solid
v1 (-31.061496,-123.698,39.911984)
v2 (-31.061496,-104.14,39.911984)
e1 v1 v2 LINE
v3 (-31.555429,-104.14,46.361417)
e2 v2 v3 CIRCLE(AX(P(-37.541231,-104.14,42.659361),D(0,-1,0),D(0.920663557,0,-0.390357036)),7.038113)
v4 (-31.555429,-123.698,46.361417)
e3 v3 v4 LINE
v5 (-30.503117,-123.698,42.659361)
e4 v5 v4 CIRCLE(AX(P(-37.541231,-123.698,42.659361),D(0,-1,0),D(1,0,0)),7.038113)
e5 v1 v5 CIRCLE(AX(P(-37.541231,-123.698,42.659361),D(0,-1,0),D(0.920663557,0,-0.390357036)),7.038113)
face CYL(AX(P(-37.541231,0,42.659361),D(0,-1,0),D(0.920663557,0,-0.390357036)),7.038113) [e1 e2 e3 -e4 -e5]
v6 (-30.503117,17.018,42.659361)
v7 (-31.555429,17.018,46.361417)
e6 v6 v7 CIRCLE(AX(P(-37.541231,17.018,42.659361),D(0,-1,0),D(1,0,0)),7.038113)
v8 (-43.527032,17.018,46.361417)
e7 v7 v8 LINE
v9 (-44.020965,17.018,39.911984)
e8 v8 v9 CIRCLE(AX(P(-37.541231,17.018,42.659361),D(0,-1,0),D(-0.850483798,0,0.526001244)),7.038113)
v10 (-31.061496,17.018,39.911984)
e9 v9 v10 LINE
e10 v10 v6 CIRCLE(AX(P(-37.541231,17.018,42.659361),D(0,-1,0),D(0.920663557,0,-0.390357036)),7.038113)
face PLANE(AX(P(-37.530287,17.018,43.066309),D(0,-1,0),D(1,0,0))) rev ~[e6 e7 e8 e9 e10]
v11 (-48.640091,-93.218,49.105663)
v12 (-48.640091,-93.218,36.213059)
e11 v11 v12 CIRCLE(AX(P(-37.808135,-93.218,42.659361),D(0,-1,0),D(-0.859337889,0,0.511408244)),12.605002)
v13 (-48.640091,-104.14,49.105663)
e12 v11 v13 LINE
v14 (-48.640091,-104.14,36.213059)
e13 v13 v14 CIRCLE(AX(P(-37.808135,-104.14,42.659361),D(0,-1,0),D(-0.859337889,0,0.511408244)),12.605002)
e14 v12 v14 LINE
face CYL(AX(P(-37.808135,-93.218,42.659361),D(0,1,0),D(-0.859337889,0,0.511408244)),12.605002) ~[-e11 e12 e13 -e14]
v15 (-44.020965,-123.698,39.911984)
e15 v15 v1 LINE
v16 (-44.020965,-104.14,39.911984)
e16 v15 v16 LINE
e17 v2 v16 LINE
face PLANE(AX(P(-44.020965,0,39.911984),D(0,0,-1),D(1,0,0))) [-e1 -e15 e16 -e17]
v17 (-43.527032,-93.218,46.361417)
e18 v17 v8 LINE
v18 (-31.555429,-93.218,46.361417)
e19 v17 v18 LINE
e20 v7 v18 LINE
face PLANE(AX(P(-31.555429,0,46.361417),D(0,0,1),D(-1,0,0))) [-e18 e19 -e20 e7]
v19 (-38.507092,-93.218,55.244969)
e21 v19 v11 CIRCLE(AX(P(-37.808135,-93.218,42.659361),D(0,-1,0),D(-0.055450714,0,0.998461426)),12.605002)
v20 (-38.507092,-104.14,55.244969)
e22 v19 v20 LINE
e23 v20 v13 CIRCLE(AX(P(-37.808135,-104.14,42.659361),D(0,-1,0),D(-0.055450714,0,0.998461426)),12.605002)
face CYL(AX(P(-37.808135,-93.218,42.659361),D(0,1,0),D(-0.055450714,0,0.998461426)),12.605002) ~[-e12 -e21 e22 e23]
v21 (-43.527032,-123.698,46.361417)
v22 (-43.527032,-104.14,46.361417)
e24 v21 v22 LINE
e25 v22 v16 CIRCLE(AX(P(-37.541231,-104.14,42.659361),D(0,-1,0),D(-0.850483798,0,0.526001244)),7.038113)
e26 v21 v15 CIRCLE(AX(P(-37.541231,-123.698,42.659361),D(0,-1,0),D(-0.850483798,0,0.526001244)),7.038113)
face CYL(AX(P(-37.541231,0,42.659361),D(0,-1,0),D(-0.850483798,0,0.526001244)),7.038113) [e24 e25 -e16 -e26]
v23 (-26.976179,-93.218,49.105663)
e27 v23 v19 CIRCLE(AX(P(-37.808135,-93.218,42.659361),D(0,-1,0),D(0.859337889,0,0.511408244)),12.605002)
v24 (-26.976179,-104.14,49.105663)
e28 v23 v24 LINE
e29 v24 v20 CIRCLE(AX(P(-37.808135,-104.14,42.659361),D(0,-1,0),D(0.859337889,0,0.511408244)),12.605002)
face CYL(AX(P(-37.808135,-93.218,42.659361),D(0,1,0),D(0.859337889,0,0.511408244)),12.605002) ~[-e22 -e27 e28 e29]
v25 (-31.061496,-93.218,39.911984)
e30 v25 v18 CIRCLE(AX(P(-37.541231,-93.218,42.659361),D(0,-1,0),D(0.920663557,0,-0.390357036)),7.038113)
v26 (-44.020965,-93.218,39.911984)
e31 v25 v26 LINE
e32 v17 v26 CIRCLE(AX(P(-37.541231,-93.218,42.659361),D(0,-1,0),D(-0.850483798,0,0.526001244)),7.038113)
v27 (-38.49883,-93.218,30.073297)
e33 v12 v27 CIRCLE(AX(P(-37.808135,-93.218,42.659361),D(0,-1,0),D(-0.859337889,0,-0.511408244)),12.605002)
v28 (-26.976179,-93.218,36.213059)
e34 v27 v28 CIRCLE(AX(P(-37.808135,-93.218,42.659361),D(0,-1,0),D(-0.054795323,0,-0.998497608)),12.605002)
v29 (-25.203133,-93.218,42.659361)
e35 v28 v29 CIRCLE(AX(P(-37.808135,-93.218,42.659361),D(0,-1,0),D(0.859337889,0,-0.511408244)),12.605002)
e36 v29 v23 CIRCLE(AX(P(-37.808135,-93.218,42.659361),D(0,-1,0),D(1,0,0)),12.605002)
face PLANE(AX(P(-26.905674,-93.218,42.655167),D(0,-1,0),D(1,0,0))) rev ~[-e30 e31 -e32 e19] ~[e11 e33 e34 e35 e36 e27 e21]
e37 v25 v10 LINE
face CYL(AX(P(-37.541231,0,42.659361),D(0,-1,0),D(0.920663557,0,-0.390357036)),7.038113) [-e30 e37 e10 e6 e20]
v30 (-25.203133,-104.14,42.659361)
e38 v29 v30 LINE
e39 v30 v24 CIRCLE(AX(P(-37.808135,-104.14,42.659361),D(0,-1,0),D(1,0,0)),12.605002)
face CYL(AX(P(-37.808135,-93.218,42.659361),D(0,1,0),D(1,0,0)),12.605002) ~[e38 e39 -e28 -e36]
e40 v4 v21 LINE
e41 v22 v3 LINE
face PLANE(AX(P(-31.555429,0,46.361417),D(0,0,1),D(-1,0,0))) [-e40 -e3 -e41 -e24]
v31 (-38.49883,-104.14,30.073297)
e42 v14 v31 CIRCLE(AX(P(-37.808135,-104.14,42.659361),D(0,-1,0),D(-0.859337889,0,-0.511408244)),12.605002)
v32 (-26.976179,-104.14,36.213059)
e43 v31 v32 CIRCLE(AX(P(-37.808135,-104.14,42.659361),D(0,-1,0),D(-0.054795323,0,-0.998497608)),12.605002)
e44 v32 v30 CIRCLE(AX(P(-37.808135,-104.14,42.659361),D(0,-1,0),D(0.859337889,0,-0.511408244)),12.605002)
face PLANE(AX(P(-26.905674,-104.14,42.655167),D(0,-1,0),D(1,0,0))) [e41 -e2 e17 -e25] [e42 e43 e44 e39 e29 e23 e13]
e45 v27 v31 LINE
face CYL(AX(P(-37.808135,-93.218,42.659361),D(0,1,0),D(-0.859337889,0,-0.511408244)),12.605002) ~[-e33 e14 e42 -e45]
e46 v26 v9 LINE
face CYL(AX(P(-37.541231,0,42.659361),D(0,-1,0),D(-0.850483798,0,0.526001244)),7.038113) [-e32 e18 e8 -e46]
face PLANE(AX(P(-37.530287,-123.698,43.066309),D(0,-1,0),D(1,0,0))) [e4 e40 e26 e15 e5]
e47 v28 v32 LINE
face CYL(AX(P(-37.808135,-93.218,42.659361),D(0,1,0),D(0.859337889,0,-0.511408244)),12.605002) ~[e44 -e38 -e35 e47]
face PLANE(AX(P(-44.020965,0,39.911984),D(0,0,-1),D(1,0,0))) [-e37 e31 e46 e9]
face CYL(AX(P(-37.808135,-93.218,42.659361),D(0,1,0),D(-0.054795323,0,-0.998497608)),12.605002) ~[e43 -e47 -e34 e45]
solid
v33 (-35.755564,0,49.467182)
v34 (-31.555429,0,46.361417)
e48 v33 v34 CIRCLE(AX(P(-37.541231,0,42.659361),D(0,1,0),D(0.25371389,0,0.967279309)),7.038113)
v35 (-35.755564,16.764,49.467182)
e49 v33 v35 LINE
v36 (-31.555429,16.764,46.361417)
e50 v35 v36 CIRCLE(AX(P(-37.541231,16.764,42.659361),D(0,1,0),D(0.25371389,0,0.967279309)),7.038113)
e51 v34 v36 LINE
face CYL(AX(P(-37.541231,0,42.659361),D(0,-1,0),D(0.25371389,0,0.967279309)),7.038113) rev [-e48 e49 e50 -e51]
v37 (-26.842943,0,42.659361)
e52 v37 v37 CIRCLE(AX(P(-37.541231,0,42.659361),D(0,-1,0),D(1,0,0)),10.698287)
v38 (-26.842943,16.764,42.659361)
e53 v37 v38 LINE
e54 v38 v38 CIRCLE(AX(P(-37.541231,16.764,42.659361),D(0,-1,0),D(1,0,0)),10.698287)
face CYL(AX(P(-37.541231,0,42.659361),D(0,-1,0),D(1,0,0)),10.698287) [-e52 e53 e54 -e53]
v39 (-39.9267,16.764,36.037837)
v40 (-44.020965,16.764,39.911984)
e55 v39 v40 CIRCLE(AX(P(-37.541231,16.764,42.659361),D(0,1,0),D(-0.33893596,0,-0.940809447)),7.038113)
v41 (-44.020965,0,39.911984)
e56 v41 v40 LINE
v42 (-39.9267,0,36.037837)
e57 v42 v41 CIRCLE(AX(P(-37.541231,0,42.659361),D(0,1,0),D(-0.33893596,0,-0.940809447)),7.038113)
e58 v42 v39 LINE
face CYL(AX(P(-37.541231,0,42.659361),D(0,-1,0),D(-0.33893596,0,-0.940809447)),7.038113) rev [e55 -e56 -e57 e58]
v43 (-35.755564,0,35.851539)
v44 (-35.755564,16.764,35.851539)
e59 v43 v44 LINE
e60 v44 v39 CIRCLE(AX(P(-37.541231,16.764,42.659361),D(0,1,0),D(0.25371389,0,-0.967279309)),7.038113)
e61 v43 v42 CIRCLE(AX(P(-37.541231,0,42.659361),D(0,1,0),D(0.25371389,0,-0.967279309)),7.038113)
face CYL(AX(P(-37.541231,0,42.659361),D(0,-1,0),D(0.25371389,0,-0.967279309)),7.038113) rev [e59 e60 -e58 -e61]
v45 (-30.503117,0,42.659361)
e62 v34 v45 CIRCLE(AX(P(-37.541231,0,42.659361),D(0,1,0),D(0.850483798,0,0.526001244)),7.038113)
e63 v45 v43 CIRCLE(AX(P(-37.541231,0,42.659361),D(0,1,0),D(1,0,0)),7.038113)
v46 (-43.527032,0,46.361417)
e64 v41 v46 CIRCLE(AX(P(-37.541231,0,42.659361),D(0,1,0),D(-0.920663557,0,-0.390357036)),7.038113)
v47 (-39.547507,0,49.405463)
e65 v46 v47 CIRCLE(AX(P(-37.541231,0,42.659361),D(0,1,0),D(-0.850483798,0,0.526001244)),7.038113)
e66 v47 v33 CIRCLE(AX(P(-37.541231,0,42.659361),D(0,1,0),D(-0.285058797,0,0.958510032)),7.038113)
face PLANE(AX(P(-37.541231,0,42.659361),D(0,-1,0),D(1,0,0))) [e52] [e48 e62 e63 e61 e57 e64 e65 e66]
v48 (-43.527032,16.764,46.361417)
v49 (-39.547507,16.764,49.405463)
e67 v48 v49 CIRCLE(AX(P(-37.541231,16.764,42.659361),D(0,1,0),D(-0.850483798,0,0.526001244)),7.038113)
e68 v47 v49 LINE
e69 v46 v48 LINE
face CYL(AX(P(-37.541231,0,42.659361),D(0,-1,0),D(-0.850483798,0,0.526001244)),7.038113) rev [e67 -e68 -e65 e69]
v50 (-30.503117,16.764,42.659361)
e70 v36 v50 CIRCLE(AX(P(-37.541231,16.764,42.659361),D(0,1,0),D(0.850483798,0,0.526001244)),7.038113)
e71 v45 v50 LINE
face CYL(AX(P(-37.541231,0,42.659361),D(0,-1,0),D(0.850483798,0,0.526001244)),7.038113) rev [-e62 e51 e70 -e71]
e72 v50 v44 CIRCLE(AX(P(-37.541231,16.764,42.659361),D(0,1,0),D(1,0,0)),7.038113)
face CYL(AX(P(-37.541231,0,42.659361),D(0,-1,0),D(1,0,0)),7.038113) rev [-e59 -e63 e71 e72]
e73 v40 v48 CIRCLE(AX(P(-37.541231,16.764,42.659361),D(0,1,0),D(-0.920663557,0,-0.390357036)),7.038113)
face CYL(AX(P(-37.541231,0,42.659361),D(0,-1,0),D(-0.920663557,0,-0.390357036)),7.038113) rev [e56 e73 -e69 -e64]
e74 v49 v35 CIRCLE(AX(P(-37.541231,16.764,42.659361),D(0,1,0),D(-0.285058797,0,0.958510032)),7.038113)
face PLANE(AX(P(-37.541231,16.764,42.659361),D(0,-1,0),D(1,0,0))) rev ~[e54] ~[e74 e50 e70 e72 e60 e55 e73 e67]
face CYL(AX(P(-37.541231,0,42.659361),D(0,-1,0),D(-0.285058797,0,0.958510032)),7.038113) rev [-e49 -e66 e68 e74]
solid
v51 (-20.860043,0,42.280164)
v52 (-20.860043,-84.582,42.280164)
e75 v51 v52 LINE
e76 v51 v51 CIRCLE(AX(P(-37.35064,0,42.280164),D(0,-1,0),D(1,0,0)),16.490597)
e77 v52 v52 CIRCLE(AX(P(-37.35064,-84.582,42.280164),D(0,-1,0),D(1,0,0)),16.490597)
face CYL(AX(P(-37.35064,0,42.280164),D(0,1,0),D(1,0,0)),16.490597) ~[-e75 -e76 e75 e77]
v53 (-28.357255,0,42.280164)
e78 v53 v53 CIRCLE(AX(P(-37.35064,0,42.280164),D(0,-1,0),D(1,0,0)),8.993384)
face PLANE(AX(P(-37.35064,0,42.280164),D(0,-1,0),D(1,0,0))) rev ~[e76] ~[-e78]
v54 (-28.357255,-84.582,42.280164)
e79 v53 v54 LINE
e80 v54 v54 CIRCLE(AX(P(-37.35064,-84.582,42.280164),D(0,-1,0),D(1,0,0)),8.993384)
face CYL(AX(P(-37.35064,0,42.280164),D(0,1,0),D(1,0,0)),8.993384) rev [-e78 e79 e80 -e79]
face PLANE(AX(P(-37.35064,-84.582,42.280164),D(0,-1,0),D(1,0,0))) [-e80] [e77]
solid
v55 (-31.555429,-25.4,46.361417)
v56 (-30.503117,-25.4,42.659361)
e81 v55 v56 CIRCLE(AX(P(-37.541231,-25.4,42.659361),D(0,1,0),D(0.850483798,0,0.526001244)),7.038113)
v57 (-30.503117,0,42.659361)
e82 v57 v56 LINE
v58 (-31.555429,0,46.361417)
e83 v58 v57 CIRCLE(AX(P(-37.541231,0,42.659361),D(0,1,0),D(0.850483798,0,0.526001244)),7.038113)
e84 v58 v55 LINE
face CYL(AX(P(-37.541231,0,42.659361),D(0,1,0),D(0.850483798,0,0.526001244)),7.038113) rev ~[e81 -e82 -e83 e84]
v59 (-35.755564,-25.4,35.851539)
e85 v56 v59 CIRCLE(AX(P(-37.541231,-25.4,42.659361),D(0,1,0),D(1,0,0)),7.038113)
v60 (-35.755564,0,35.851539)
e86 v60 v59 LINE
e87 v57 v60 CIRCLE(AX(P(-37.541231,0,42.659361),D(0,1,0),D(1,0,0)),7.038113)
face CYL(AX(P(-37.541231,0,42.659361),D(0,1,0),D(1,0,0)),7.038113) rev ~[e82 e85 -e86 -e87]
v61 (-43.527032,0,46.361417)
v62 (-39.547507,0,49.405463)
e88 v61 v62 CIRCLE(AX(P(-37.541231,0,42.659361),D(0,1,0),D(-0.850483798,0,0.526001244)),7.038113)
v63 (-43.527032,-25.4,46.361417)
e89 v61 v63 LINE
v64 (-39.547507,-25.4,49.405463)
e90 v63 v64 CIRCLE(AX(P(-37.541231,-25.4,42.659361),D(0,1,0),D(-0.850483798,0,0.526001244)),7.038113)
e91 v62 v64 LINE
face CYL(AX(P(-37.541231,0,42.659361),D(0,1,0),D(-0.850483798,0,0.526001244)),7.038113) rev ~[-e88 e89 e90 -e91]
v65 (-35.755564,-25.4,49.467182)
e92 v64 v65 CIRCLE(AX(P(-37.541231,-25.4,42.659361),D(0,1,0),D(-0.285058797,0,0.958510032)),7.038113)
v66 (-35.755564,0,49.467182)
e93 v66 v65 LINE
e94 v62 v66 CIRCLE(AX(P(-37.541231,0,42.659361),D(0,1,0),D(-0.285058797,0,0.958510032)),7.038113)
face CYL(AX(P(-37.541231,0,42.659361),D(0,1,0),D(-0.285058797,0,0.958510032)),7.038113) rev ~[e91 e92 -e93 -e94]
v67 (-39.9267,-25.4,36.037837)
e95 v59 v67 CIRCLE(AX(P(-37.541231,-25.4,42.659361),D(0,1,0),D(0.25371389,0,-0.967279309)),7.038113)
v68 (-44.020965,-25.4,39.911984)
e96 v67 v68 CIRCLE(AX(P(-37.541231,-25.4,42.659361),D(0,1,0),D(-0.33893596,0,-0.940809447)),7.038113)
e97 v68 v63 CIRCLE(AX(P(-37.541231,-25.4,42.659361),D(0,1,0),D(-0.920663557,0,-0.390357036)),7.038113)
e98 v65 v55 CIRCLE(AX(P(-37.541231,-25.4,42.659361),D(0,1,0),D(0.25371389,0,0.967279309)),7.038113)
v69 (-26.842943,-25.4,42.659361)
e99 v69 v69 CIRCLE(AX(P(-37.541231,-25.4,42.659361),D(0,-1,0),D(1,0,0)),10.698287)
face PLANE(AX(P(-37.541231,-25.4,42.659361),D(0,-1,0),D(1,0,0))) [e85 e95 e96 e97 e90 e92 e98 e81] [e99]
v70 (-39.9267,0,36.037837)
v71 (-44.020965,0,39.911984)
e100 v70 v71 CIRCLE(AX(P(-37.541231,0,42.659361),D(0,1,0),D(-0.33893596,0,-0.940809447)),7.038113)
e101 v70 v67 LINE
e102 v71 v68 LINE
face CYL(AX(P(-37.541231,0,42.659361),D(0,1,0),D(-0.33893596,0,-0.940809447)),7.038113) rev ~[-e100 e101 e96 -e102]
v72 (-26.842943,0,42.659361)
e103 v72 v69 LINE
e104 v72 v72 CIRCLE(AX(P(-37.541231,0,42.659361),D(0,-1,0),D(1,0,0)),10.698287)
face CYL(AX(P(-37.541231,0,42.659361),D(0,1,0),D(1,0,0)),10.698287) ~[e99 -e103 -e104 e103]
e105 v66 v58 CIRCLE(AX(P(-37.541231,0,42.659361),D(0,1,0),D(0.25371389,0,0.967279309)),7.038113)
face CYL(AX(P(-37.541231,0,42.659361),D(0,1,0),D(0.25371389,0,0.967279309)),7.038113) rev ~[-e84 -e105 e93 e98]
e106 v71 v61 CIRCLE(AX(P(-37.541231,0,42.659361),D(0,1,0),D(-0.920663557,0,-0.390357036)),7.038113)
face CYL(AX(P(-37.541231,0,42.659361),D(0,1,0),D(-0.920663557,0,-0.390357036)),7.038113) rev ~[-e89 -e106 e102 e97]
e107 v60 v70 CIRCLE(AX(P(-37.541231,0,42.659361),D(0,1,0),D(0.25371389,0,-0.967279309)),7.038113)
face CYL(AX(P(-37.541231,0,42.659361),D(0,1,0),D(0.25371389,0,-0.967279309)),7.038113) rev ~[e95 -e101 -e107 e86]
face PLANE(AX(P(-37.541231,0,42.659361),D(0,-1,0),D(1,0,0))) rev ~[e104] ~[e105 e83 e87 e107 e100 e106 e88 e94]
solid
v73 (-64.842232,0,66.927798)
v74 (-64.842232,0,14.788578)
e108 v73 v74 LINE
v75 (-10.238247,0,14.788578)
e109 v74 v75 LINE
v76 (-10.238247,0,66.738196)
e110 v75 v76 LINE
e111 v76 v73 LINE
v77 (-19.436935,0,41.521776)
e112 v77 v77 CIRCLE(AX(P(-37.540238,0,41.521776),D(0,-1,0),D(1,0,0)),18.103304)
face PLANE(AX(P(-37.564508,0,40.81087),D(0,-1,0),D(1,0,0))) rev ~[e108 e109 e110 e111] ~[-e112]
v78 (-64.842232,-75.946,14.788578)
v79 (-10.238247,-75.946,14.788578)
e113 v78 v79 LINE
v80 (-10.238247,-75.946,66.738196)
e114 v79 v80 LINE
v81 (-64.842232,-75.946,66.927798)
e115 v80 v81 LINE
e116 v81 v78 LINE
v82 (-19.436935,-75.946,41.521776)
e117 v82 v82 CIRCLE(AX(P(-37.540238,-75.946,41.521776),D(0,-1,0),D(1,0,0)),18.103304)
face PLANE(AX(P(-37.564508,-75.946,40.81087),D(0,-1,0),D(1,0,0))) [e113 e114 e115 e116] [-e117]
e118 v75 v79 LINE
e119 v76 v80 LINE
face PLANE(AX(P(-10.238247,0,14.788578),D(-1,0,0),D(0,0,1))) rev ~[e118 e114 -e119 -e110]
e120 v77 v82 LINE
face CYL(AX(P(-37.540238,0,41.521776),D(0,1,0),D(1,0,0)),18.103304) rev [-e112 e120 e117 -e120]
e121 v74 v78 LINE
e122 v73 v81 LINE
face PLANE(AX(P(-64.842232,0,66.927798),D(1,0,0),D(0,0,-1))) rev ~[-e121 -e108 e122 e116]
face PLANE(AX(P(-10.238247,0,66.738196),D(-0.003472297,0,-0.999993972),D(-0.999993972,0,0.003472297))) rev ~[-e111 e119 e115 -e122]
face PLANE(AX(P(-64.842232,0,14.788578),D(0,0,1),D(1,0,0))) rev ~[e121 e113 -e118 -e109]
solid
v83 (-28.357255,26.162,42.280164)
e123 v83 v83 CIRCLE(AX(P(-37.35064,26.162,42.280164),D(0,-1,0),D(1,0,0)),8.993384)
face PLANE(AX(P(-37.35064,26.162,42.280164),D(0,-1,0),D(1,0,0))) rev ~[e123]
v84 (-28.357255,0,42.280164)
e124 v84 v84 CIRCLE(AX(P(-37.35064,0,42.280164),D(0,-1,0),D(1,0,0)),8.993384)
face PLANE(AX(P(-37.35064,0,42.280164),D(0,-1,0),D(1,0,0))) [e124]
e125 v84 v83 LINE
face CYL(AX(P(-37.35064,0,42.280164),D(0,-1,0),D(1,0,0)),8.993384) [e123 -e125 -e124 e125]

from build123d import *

# Parameters (mm, degrees)
F0_R          = 18.1033036262
F1_DEPTH      = 75.946
F2_R          = 16.4905968826
F2_R_2        = 8.9933843483
F3_DEPTH      = 84.582
F5_DEPTH      = 123.698
F5_DEPTH_BACK = 17.018
F4_R          = 10.6982872112
F6_DEPTH      = 25.4
F7_DEPTH      = 16.764
F8_R          = 6.2538305337
F9_DEPTH      = 25.4
F11_DEPTH     = 26.162
F13_START     = 93.218
F13_DEPTH     = 10.922


with BuildPart() as f1:
    # F0 (on Front) → F1 (new body)
    with BuildSketch(Plane.XZ):
        Polygon((-10.2382469922, 66.7381957173), (-64.8422315717, 66.9277980924), (-64.8422315717, 14.7885782644), (-10.2382469922, 14.7885782644), align=None)
        with Locations((-37.5402383506, 41.5217764676)):
            Circle(F0_R, mode=Mode.SUBTRACT)
    extrude(amount=F1_DEPTH)


with BuildPart() as f3:
    # F2 (on Front) → F3 (new body)
    with BuildSketch(Plane.XZ):
        with Locations((-37.3506397009, 42.2801636159)):
            Circle(F2_R)
        with Locations((-37.3506397009, 42.2801636159)):
            Circle(F2_R_2, mode=Mode.SUBTRACT)
    extrude(amount=F3_DEPTH)


with BuildPart() as f5:
    # F4 (on Front) → F5 (new body, two sides)
    with BuildSketch(Plane.XZ) as f5_sk:
        with BuildLine():
            ThreePointArc((-31.0614962405, 39.9119837554), (-30.6441246123, 41.2575880214), (-30.5031173675, 42.6593607824))
            ThreePointArc((-30.5031173675, 42.6593607824), (-30.7713050095, 44.5837166187), (-31.5554293296, 46.3614171127))
            Line((-31.5554293296, 46.3614171127), (-35.7555635273, 46.3614171127))
            Line((-35.7555635273, 46.3614171127), (-39.5475067198, 46.3614171127))
            Line((-39.5475067198, 46.3614171127), (-43.5270319157, 46.3614171127))
            ThreePointArc((-43.5270319157, 46.3614171127), (-44.5587937734, 43.1968043768), (-44.0209650048, 39.9119837554))
            Line((-44.0209650048, 39.9119837554), (-39.926700294, 39.9119837554))
            Line((-39.926700294, 39.9119837554), (-35.7555635273, 39.9119837554))
            Line((-35.7555635273, 39.9119837554), (-31.0614962405, 39.9119837554))
        make_face()
    extrude(amount=F5_DEPTH)
    extrude(f5_sk.sketch, amount=-F5_DEPTH_BACK)

    # F12 (on Front) → F13 (join)
    with BuildSketch(Plane.XZ.offset(F13_START)):
        with BuildLine():
            ThreePointArc((-26.9761793339, 36.2130589783), (-25.6544752033, 39.3165140209), (-25.2031331484, 42.6593609154))
            ThreePointArc((-25.2031331484, 42.6593609154), (-25.6544752033, 46.0022078099), (-26.9761793339, 49.1056628525))
            Line((-26.9761793339, 49.1056628525), (-28.9843862384, 42.469765991))
            Line((-28.9843862384, 42.469765991), (-26.9761793339, 36.2130589783))
        make_face()
        with BuildLine():
            Line((-32.8158922493, 50.8729223566), (-26.9761793339, 49.1056628525))
            ThreePointArc((-26.9761793339, 49.1056628525), (-31.8842690083, 53.7856309741), (-38.5070915076, 55.2449691852))
            Line((-38.5070915076, 55.2449691852), (-32.8158922493, 50.8729223566))
        make_face()
        Polygon((-28.9843862384, 42.469765991), (-26.9761793339, 49.1056628525), (-32.8158922493, 50.8729223566), (-38.5070915076, 55.2449691852), (-43.243739754, 49.1056628525), (-48.6400909698, 49.1056628525), (-46.4668907225, 42.469765991), (-48.6400909698, 36.2130589783), (-43.243739754, 34.338694113), (-38.4988303115, 30.0732965702), (-32.8158922493, 34.338694113), (-26.9761793339, 36.2130589783), align=None)
        with BuildLine():
            ThreePointArc((-38.4988303115, 30.0732965702), (-31.8806177506, 31.5350356341), (-26.9761793339, 36.2130589783))
            Line((-26.9761793339, 36.2130589783), (-32.8158922493, 34.338694113))
            Line((-32.8158922493, 34.338694113), (-38.4988303115, 30.0732965702))
        make_face()
        with BuildLine():
            Line((-43.243739754, 49.1056628525), (-38.5070915076, 55.2449691852))
            ThreePointArc((-38.5070915076, 55.2449691852), (-44.3398466007, 53.4400297748), (-48.6400909698, 49.1056628525))
            Line((-48.6400909698, 49.1056628525), (-43.243739754, 49.1056628525))
        make_face()
        with BuildLine():
            ThreePointArc((-48.6400909698, 36.2130589783), (-44.3363080965, 31.8765489672), (-38.4988303115, 30.0732965702))
            Line((-38.4988303115, 30.0732965702), (-43.243739754, 34.338694113))
            Line((-43.243739754, 34.338694113), (-48.6400909698, 36.2130589783))
        make_face()
        with BuildLine():
            Line((-46.4668907225, 42.469765991), (-48.6400909698, 49.1056628525))
            ThreePointArc((-48.6400909698, 49.1056628525), (-50.4131371553, 42.6593609154), (-48.6400909698, 36.2130589783))
            Line((-48.6400909698, 36.2130589783), (-46.4668907225, 42.469765991))
        make_face()
    extrude(amount=F13_DEPTH)


with BuildPart() as f6:
    # F4 (on Front) → F6 (new body)
    with BuildSketch(Plane.XZ):
        with Locations((-37.5412306227, 42.6593607824)):
            Circle(F4_R)
        with BuildLine():
            ThreePointArc((-31.5554293296, 46.3614171127), (-30.7713050095, 44.5837166187), (-30.5031173675, 42.6593607824))
            ThreePointArc((-30.5031173675, 42.6593607824), (-30.6441246123, 41.2575880214), (-31.0614962405, 39.9119837554))
            ThreePointArc((-31.0614962405, 39.9119837554), (-32.9367743709, 37.3363897306), (-35.7555635273, 35.8515394557))
            ThreePointArc((-35.7555635273, 35.8515394557), (-37.8552648698, 35.6282569798), (-39.926700294, 36.0378373445))
            ThreePointArc((-39.926700294, 36.0378373445), (-42.378607322, 37.5471376984), (-44.0209650048, 39.9119837554))
            ThreePointArc((-44.0209650048, 39.9119837554), (-44.5587937734, 43.1968043768), (-43.5270319157, 46.3614171127))
            ThreePointArc((-43.5270319157, 46.3614171127), (-41.8173128264, 48.2495449636), (-39.5475067198, 49.405462947))
            ThreePointArc((-39.5475067198, 49.405462947), (-37.6557705575, 49.6965419507), (-35.7555635273, 49.4671821092))
            ThreePointArc((-35.7555635273, 49.4671821092), (-33.3566907099, 48.3183946144), (-31.5554293296, 46.3614171127))
        make_face(mode=Mode.SUBTRACT)
    extrude(amount=F6_DEPTH)


with BuildPart() as f7:
    # F4 (on Front) → F7 (new body)
    with BuildSketch(Plane.XZ):
        with Locations((-37.5412306227, 42.6593607824)):
            Circle(F4_R)
        with BuildLine():
            ThreePointArc((-31.5554293296, 46.3614171127), (-30.7713050095, 44.5837166187), (-30.5031173675, 42.6593607824))
            ThreePointArc((-30.5031173675, 42.6593607824), (-30.6441246123, 41.2575880214), (-31.0614962405, 39.9119837554))
            ThreePointArc((-31.0614962405, 39.9119837554), (-32.9367743709, 37.3363897306), (-35.7555635273, 35.8515394557))
            ThreePointArc((-35.7555635273, 35.8515394557), (-37.8552648698, 35.6282569798), (-39.926700294, 36.0378373445))
            ThreePointArc((-39.926700294, 36.0378373445), (-42.378607322, 37.5471376984), (-44.0209650048, 39.9119837554))
            ThreePointArc((-44.0209650048, 39.9119837554), (-44.5587937734, 43.1968043768), (-43.5270319157, 46.3614171127))
            ThreePointArc((-43.5270319157, 46.3614171127), (-41.8173128264, 48.2495449636), (-39.5475067198, 49.405462947))
            ThreePointArc((-39.5475067198, 49.405462947), (-37.6557705575, 49.6965419507), (-35.7555635273, 49.4671821092))
            ThreePointArc((-35.7555635273, 49.4671821092), (-33.3566907099, 48.3183946144), (-31.5554293296, 46.3614171127))
        make_face(mode=Mode.SUBTRACT)
    extrude(amount=-F7_DEPTH)


with BuildPart() as f9:
    # F8 (on Top) → F9 (new body)
    with BuildSketch(Plane.XY):
        with Locations((-37.8851480782, 7.9380348325)):
            Circle(F8_R)
    extrude(amount=F9_DEPTH)


with BuildPart() as f11:
    # F2 (on Front) → F11 (new body)
    with BuildSketch(Plane.XZ):
        with Locations((-37.3506397009, 42.2801636159)):
            Circle(F2_R_2)
    extrude(amount=-F11_DEPTH)


solid = Compound([f1.part, f3.part, f5.part, f6.part, f7.part, f11.part])
